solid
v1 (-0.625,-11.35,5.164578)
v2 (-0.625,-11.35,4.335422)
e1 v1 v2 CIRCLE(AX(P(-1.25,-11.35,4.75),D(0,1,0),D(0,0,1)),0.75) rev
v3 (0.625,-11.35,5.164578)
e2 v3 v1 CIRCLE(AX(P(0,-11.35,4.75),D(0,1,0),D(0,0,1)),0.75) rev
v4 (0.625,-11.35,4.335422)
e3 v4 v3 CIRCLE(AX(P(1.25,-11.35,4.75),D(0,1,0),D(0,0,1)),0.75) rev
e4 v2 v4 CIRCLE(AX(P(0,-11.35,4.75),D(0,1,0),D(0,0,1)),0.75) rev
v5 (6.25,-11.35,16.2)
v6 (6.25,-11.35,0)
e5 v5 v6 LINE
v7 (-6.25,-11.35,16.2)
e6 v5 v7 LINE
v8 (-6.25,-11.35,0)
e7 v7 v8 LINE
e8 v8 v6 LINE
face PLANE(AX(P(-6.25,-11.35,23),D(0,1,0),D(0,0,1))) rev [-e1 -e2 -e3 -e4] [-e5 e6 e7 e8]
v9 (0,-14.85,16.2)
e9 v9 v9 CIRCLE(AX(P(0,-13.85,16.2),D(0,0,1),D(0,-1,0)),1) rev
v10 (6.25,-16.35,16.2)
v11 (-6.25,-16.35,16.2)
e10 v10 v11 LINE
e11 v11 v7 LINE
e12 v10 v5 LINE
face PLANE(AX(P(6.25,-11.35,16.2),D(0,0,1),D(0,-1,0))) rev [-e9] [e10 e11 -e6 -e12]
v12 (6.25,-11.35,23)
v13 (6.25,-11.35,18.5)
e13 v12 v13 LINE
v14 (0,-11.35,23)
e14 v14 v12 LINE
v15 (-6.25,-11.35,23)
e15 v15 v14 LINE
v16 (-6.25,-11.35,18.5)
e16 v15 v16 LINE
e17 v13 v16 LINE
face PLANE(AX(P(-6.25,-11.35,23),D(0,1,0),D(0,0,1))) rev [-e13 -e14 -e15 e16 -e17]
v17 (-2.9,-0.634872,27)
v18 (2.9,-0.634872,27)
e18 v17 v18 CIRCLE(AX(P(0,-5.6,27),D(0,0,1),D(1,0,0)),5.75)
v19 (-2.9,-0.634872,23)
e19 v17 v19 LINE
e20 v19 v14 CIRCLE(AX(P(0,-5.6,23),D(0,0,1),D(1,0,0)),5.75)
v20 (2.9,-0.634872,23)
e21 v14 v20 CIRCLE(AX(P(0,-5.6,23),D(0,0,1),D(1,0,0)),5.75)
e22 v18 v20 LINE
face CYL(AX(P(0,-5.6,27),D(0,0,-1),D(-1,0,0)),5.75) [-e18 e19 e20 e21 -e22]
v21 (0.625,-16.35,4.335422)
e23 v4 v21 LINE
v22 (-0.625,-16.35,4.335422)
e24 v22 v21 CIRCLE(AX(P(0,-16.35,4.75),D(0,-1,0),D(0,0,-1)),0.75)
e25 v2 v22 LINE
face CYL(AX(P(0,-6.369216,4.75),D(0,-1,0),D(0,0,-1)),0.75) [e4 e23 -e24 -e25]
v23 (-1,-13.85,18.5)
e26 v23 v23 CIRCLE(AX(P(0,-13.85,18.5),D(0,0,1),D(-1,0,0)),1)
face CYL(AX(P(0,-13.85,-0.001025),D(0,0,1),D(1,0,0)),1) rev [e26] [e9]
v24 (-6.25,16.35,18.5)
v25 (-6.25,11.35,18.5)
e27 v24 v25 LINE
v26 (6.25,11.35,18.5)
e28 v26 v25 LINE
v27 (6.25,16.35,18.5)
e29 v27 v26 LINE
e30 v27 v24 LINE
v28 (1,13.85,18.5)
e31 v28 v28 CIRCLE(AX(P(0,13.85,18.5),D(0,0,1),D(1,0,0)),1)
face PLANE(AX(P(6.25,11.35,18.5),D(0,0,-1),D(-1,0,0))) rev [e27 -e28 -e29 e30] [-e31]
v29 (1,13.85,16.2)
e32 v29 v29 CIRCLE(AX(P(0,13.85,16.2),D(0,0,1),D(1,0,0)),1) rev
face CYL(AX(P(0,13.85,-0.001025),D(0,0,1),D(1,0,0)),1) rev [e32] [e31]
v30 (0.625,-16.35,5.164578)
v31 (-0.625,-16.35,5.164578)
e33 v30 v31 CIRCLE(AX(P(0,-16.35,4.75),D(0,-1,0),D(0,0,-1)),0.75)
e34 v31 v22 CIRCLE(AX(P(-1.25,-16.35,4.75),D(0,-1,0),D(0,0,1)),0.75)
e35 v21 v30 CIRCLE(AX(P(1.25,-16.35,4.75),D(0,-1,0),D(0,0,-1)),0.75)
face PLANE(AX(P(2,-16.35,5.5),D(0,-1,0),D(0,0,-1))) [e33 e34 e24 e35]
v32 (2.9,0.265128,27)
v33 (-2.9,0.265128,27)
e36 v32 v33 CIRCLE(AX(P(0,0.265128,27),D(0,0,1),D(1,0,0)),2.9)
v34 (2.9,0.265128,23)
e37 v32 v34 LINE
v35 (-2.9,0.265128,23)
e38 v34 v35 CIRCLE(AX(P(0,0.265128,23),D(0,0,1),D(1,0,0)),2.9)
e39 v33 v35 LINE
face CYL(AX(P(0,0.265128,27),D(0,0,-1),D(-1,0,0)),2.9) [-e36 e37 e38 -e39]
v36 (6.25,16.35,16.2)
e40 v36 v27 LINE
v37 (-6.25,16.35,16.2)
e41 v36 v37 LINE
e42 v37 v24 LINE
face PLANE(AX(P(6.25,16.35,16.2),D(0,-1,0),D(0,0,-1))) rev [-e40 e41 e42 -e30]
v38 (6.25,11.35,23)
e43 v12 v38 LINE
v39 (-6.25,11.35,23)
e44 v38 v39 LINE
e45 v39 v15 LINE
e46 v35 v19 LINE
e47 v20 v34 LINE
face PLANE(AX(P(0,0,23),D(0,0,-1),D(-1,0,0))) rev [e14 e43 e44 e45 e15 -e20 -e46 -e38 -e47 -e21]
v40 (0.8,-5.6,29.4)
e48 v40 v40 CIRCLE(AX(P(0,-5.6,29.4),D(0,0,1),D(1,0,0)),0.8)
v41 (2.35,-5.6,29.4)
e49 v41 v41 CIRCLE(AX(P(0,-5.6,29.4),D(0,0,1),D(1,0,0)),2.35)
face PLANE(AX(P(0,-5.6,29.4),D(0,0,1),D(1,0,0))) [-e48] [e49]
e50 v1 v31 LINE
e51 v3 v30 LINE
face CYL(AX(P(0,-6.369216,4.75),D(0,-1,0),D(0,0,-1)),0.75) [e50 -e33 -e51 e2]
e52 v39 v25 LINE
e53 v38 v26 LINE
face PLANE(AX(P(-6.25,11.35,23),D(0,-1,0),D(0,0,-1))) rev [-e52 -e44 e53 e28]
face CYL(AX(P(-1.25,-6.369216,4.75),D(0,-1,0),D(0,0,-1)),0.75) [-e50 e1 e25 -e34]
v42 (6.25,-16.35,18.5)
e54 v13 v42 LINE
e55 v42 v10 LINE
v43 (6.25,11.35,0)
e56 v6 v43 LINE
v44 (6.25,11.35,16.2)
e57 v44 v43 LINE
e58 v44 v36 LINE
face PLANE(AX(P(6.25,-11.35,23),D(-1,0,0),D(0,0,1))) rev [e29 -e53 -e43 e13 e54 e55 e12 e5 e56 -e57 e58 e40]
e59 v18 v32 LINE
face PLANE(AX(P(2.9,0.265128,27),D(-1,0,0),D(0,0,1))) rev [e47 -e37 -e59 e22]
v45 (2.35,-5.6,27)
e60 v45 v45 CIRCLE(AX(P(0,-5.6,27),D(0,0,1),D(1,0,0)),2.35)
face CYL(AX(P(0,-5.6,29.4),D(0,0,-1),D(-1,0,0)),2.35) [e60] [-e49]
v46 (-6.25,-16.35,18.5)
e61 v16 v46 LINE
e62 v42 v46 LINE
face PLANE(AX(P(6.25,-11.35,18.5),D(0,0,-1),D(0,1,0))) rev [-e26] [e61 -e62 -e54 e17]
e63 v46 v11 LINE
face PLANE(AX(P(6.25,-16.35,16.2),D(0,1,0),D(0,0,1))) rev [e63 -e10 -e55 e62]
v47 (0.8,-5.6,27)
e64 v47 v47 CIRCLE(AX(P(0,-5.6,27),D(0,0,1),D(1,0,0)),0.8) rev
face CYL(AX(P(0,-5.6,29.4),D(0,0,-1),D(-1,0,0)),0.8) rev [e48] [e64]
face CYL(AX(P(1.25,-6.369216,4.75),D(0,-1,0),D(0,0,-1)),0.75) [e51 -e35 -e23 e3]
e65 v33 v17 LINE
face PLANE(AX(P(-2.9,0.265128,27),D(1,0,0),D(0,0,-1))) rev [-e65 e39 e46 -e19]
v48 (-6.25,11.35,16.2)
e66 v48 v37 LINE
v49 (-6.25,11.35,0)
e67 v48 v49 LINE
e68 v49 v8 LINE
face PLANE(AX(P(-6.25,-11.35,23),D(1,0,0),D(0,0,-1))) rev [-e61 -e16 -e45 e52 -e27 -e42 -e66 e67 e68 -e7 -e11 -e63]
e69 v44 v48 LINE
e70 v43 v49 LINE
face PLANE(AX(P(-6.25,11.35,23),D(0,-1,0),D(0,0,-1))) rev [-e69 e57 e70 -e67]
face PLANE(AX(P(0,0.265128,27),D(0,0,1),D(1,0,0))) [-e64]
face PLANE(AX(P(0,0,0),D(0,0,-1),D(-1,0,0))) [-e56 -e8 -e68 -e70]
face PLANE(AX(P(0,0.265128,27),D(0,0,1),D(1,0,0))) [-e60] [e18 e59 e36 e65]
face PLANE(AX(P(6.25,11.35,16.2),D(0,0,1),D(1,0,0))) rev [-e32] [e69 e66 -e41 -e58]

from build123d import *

# Parameters (mm, degrees)
CROQUIS1_W              = 12.5
CROQUIS1_H              = 22.7
SALIENTE_EXTRUIR1_DEPTH = 23
SALIENTE_EXTRUIR2_DEPTH = 4
CROQUIS3_W              = 2.3
CROQUIS3_H              = 5
SALIENTE_EXTRUIR3_DEPTH = 6.25
CORTAR_EXTRUIR1_REACH   = 20.5
CROQUIS4_R              = 1
SALIENTE_EXTRUIR4_START = -4
CROQUIS5_W              = 4
CROQUIS5_H              = 5
SALIENTE_EXTRUIR4_DEPTH = 1.5
CROQUIS6_R              = 2.35
CROQUIS6_R_2            = 0.8
SALIENTE_EXTRUIR5_DEPTH = 2.4
SKETCH1_W               = 4.514706964
SKETCH1_H               = 2.103718672
CUT_EXTRUDE2_DEPTH      = 5


with BuildPart() as part:
    # Croquis1 → Saliente-Extruir1 (new body)
    with BuildSketch(Plane.XY):
        Rectangle(CROQUIS1_W, CROQUIS1_H)
    extrude(amount=SALIENTE_EXTRUIR1_DEPTH)

    # Croquis2 → Saliente-Extruir2 (add)
    with BuildSketch(Plane.XY.offset(23)):
        with BuildLine():
            Line((2.9, 0.265128397), (2.9, -0.634871603))
            ThreePointArc((2.9, -0.634871603), (0, -11.35), (-2.9, -0.634871603))
            Line((-2.9, -0.634871603), (-2.9, 0.265128397))
            ThreePointArc((-2.9, 0.265128397), (0, 3.165128397), (2.9, 0.265128397))
        make_face()
    extrude(amount=SALIENTE_EXTRUIR2_DEPTH)

    # Croquis3 → Saliente-Extruir3 (add, symmetric)
    with BuildSketch(Plane(origin=(0, 0, 0), x_dir=(0, 0, -1), z_dir=(1, 0, 0))):
        with Locations((-17.35, 13.85)):
            Rectangle(CROQUIS3_W, CROQUIS3_H)
        with Locations((-17.35, -13.85)):
            Rectangle(CROQUIS3_W, CROQUIS3_H)
    extrude(amount=SALIENTE_EXTRUIR3_DEPTH, both=True)

    # Croquis4 → Cortar-Extruir1 (cut, up to next)
    with BuildSketch(Plane.XY.offset(18.5), mode=Mode.PRIVATE) as cortar_extruir1_sk1:
        with Locations((0, 13.85)):
            Circle(CROQUIS4_R)
    cortar_extruir1_tool1 = extrude(cortar_extruir1_sk1.sketch, amount=-CORTAR_EXTRUIR1_REACH, mode=Mode.PRIVATE) & part.part
    add(cortar_extruir1_tool1.solids().sort_by_distance((0, 13.85, 18.5))[0], mode=Mode.SUBTRACT)
    # Croquis4 → Cortar-Extruir1 (cut, up to next)
    with BuildSketch(Plane.XY.offset(18.5), mode=Mode.PRIVATE) as cortar_extruir1_sk2:
        with Locations((0, -13.85)):
            Circle(CROQUIS4_R)
    cortar_extruir1_tool2 = extrude(cortar_extruir1_sk2.sketch, amount=-CORTAR_EXTRUIR1_REACH, mode=Mode.PRIVATE) & part.part
    add(cortar_extruir1_tool2.solids().sort_by_distance((0, -13.85, 18.5))[0], mode=Mode.SUBTRACT)

    # Croquis5 → Saliente-Extruir4 (add)
    with BuildSketch(Plane(origin=(0, 0, 0), x_dir=(-1, 0, 0), z_dir=(0, 0, -1)).offset(SALIENTE_EXTRUIR4_START)):
        with Locations((0, -13.85)):
            Rectangle(CROQUIS5_W, CROQUIS5_H)
    extrude(amount=-SALIENTE_EXTRUIR4_DEPTH)

    # Croquis6 → Saliente-Extruir5 (add)
    with BuildSketch(Plane.XY.offset(27)):
        with Locations((0, -5.6)):
            Circle(CROQUIS6_R)
        with Locations((0, -5.6)):
            Circle(CROQUIS6_R_2, mode=Mode.SUBTRACT)
    extrude(amount=SALIENTE_EXTRUIR5_DEPTH)

    # Sketch1 → Cut-Extrude2 (cut)
    with BuildSketch(Plane.XZ.offset(16.35)):
        with Locations((0, 4.75)):
            Rectangle(SKETCH1_W, SKETCH1_H)
        with BuildLine():
            ThreePointArc((-0.625, 4.335421901), (-2, 4.75), (-0.625, 5.164578099))
            ThreePointArc((-0.625, 5.164578099), (0, 5.5), (0.625, 5.164578099))
            ThreePointArc((0.625, 5.164578099), (2, 4.75), (0.625, 4.335421901))
            ThreePointArc((0.625, 4.335421901), (0, 4), (-0.625, 4.335421901))
        make_face(mode=Mode.SUBTRACT)
    extrude(amount=-CUT_EXTRUDE2_DEPTH, mode=Mode.SUBTRACT)


solid = part.part
